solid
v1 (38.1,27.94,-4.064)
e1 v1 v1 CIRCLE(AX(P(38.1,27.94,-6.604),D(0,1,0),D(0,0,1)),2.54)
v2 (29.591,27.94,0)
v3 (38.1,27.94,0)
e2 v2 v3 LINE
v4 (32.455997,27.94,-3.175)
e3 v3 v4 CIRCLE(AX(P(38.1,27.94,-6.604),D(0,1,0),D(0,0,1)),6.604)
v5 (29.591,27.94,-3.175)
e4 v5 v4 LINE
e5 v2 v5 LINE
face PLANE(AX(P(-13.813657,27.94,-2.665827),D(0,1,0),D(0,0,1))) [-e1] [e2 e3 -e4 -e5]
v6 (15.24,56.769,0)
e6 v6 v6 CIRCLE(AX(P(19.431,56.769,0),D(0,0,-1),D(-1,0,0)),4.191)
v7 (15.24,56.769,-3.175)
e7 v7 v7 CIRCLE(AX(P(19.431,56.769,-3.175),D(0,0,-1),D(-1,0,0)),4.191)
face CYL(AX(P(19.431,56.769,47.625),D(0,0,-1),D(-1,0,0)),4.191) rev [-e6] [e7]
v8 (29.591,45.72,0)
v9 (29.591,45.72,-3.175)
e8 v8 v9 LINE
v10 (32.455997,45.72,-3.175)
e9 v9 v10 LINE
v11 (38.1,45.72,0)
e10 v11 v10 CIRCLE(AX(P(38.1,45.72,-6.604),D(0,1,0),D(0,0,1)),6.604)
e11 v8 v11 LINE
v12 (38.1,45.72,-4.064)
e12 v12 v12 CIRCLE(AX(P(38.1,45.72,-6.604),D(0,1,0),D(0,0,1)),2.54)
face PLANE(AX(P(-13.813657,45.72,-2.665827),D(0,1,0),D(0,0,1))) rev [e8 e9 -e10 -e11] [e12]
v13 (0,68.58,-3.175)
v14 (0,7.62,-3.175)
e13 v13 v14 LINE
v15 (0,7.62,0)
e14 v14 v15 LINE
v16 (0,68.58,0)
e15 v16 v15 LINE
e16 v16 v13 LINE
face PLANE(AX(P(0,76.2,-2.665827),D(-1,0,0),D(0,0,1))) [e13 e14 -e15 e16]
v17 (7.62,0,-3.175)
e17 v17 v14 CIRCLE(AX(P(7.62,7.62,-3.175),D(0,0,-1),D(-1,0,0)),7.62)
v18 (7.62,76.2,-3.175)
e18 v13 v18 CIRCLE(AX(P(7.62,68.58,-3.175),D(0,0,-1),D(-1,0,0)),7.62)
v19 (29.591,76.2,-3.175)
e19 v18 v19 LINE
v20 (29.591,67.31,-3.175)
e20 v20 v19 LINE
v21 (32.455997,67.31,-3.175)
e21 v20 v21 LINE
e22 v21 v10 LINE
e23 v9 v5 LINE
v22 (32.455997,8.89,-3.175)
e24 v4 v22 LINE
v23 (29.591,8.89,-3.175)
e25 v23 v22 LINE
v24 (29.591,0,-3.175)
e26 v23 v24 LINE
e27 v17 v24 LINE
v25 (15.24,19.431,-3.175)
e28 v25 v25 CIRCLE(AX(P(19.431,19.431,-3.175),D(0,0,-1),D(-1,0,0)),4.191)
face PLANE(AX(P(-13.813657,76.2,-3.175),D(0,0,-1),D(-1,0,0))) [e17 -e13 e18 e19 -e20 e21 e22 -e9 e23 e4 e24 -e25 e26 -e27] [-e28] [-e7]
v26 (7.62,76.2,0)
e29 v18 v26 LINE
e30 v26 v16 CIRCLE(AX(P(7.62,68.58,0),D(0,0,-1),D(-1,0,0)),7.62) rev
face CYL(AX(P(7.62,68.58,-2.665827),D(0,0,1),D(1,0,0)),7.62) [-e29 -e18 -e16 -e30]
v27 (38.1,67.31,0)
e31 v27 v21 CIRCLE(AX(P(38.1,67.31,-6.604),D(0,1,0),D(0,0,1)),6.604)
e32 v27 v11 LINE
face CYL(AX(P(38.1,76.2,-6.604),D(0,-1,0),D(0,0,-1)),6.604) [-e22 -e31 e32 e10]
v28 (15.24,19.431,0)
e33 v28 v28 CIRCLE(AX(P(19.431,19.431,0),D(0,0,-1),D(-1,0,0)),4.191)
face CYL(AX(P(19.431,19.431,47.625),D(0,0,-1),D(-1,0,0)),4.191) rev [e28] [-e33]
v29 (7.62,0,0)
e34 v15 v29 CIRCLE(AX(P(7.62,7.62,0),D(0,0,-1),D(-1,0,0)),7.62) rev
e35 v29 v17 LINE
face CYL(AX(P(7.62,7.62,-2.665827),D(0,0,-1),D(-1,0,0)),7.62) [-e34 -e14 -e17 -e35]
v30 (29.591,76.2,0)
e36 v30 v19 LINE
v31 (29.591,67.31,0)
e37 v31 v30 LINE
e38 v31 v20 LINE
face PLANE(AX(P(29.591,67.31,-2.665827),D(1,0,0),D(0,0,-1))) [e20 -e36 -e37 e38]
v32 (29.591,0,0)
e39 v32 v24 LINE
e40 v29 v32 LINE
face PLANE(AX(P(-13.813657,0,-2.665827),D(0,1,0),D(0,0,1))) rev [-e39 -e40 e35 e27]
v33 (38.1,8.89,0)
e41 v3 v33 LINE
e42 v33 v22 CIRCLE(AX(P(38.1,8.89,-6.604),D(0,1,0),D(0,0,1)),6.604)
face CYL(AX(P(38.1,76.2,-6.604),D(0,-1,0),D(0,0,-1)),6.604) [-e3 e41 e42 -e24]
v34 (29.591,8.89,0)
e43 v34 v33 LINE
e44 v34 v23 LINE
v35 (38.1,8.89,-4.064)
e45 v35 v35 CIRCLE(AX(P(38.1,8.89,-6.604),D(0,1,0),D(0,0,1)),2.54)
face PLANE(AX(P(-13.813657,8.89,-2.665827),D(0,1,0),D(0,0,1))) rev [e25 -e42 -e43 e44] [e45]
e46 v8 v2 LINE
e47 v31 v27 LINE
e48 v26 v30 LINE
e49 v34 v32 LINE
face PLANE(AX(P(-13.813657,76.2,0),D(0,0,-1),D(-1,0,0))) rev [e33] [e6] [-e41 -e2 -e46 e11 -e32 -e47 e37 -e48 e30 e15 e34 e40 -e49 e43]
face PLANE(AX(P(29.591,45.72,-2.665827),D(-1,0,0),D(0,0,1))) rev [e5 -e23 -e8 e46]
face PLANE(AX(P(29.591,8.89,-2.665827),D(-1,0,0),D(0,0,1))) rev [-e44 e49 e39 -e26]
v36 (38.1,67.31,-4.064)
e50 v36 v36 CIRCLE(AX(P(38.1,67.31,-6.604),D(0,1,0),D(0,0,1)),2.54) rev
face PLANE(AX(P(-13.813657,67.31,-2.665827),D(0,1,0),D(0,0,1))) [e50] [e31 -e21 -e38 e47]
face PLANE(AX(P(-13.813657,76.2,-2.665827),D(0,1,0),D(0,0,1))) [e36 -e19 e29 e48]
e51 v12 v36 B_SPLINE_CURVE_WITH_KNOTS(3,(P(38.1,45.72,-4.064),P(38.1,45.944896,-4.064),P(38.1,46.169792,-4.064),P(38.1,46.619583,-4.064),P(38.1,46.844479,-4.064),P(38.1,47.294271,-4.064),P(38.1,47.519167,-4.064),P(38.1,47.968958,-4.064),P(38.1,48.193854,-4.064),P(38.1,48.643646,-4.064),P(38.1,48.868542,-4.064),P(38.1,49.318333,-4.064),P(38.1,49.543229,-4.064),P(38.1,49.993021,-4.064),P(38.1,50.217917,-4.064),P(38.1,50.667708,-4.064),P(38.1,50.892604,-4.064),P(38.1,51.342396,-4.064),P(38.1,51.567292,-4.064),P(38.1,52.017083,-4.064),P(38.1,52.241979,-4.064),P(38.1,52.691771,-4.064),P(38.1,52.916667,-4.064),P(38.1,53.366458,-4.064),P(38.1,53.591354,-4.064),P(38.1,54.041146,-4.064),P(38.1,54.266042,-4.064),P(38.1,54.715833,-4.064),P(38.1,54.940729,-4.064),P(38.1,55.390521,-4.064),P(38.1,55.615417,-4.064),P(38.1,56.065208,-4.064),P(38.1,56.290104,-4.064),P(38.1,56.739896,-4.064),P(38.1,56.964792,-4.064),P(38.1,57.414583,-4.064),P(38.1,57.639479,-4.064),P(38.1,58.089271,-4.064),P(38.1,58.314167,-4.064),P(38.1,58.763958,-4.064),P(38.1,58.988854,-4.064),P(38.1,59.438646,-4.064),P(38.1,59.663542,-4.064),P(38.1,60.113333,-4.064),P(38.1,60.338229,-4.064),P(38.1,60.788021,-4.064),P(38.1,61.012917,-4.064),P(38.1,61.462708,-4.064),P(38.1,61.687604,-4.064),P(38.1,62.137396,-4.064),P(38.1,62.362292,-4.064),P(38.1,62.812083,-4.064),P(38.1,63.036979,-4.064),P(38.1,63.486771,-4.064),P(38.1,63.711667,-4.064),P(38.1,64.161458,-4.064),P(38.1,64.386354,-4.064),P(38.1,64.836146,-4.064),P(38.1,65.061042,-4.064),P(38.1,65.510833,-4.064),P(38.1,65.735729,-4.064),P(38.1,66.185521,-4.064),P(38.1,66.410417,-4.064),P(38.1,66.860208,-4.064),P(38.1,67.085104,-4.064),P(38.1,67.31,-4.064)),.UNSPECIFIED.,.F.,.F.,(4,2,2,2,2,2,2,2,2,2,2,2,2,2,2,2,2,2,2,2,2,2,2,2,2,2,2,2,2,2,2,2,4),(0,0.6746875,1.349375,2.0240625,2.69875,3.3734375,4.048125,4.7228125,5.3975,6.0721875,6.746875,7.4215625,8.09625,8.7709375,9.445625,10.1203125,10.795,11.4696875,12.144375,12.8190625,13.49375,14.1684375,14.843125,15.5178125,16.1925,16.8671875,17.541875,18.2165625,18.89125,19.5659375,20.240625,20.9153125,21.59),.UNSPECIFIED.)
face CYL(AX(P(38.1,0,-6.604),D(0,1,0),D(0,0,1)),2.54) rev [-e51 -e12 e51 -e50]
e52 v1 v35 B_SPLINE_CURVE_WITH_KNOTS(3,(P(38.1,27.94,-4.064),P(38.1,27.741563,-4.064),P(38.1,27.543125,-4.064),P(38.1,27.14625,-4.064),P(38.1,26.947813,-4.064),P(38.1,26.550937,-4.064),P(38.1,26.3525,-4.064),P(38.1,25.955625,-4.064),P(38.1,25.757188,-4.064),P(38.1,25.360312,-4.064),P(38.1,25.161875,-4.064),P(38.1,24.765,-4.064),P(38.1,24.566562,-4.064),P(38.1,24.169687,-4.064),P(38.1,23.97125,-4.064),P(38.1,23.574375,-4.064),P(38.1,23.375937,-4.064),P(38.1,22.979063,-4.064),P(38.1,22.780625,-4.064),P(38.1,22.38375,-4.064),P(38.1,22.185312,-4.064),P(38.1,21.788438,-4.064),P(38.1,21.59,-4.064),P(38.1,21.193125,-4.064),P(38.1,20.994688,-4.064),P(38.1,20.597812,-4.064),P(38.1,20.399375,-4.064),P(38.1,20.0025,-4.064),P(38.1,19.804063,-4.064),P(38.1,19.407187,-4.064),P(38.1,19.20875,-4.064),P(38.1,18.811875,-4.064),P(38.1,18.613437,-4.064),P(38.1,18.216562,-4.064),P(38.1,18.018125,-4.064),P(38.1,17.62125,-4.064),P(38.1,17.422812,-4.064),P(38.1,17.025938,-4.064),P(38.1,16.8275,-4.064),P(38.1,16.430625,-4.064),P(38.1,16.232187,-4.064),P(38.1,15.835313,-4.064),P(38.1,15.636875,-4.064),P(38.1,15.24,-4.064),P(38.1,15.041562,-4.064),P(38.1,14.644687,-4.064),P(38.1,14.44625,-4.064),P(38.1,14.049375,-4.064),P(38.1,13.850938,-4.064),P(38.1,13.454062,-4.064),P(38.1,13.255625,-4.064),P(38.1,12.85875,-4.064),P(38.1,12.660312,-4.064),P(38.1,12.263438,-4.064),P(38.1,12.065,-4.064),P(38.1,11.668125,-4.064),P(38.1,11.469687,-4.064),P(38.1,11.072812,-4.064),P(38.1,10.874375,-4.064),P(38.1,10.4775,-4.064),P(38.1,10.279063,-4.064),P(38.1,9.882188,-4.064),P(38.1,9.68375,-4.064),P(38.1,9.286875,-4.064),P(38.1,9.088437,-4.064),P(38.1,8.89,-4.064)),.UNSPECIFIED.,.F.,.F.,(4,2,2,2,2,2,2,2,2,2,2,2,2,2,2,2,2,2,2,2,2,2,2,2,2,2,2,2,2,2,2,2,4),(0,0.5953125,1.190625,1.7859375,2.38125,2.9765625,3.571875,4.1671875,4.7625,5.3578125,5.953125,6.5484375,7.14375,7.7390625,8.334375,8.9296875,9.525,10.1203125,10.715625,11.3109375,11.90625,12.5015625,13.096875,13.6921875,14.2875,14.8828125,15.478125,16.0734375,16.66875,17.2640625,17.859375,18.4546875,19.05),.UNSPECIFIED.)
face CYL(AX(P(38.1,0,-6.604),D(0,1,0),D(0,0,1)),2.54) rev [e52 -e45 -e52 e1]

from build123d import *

# Parameters (mm, degrees)
BOSS_EXTRUDE1_DEPTH = 76.2
SKETCH2_R           = 4.191
CUT_EXTRUDE1_DEPTH  = 50.8
CUT_EXTRUDE2_DEPTH  = 8.89
CUT_EXTRUDE3_START  = 27.94
CUT_EXTRUDE3_DEPTH  = 17.78
SKETCH3_R           = 2.54
CUT_EXTRUDE4_DEPTH  = 90.327145258
CUT_EXTRUDE5_START  = 67.31
CUT_EXTRUDE5_DEPTH  = 8.89
FILLET1_R           = 7.62
FILLET2_R           = 7.62


with BuildPart() as part:
    # Sketch1 → Boss-Extrude1 (new body)
    with BuildSketch(Plane(origin=(0, 0, 0), x_dir=(1, 0, 0), z_dir=(0, 1, 0))):
        with BuildLine():
            Line((0, 0), (38.1, 0))
            ThreePointArc((38.1, 0), (41.337877391, 12.35977675), (32.455996545, 3.175))
            Line((32.455996545, 3.175), (0, 3.175))
            Line((0, 3.175), (0, 0))
        make_face()
    extrude(amount=BOSS_EXTRUDE1_DEPTH)

    # Sketch2 → Cut-Extrude1 (cut)
    with BuildSketch(Plane(origin=(0, 0, -3.175), x_dir=(-1, 0, 0), z_dir=(0, 0, -1))):
        with Locations((-19.431, 56.769)):
            Circle(SKETCH2_R)
        with Locations((-19.431, 19.431)):
            Circle(SKETCH2_R)
    extrude(amount=-CUT_EXTRUDE1_DEPTH, mode=Mode.SUBTRACT)

    # Sketch1<3> → Cut-Extrude2 (cut)
    with BuildSketch(Plane(origin=(0, 0, 0), x_dir=(1, 0, 0), z_dir=(0, 1, 0))):
        with BuildLine():
            Line((32.455996545, 3.175), (29.591, 3.175))
            Line((29.591, 3.175), (29.591, 0))
            Line((29.591, 0), (38.1, 0))
            ThreePointArc((38.1, 0), (41.337877391, 12.35977675), (32.455996545, 3.175))
        make_face()
    extrude(amount=CUT_EXTRUDE2_DEPTH, mode=Mode.SUBTRACT)

    # Sketch1<5> → Cut-Extrude3 (cut)
    with BuildSketch(Plane(origin=(0, 0, 0), x_dir=(1, 0, 0), z_dir=(0, 1, 0)).offset(CUT_EXTRUDE3_START)):
        with BuildLine():
            Line((32.455996545, 3.175), (29.591, 3.175))
            Line((29.591, 3.175), (29.591, 0))
            Line((29.591, 0), (38.1, 0))
            ThreePointArc((38.1, 0), (41.337877391, 12.35977675), (32.455996545, 3.175))
        make_face()
    extrude(amount=CUT_EXTRUDE3_DEPTH, mode=Mode.SUBTRACT)

    # Sketch3 → Cut-Extrude4 (cut, through all)
    with BuildSketch(Plane(origin=(0, 76.2, 0), x_dir=(1, 0, 0), z_dir=(0, 1, 0))):
        with Locations((38.1, 6.604)):
            Circle(SKETCH3_R)
    extrude(amount=-CUT_EXTRUDE4_DEPTH, mode=Mode.SUBTRACT)

    # Sketch1<6> → Cut-Extrude5 (cut)
    with BuildSketch(Plane(origin=(0, 0, 0), x_dir=(1, 0, 0), z_dir=(0, 1, 0)).offset(CUT_EXTRUDE5_START)):
        with BuildLine():
            Line((32.455996545, 3.175), (29.591, 3.175))
            Line((29.591, 3.175), (29.591, 0))
            Line((29.591, 0), (38.1, 0))
            ThreePointArc((38.1, 0), (41.337877391, 12.35977675), (32.455996545, 3.175))
        make_face()
    extrude(amount=CUT_EXTRUDE5_DEPTH, mode=Mode.SUBTRACT)

    # Fillet1
    fillet1_edges = [part.edges().sort_by_distance(p)[0] for p in [
        (0, 0, -1.5875),
    ]]
    fillet(fillet1_edges, radius=FILLET1_R)

    # Fillet2
    fillet2_edges = [part.edges().sort_by_distance(p)[0] for p in [
        (0, 76.2, -1.5875),
    ]]
    fillet(fillet2_edges, radius=FILLET2_R)


solid = part.part
